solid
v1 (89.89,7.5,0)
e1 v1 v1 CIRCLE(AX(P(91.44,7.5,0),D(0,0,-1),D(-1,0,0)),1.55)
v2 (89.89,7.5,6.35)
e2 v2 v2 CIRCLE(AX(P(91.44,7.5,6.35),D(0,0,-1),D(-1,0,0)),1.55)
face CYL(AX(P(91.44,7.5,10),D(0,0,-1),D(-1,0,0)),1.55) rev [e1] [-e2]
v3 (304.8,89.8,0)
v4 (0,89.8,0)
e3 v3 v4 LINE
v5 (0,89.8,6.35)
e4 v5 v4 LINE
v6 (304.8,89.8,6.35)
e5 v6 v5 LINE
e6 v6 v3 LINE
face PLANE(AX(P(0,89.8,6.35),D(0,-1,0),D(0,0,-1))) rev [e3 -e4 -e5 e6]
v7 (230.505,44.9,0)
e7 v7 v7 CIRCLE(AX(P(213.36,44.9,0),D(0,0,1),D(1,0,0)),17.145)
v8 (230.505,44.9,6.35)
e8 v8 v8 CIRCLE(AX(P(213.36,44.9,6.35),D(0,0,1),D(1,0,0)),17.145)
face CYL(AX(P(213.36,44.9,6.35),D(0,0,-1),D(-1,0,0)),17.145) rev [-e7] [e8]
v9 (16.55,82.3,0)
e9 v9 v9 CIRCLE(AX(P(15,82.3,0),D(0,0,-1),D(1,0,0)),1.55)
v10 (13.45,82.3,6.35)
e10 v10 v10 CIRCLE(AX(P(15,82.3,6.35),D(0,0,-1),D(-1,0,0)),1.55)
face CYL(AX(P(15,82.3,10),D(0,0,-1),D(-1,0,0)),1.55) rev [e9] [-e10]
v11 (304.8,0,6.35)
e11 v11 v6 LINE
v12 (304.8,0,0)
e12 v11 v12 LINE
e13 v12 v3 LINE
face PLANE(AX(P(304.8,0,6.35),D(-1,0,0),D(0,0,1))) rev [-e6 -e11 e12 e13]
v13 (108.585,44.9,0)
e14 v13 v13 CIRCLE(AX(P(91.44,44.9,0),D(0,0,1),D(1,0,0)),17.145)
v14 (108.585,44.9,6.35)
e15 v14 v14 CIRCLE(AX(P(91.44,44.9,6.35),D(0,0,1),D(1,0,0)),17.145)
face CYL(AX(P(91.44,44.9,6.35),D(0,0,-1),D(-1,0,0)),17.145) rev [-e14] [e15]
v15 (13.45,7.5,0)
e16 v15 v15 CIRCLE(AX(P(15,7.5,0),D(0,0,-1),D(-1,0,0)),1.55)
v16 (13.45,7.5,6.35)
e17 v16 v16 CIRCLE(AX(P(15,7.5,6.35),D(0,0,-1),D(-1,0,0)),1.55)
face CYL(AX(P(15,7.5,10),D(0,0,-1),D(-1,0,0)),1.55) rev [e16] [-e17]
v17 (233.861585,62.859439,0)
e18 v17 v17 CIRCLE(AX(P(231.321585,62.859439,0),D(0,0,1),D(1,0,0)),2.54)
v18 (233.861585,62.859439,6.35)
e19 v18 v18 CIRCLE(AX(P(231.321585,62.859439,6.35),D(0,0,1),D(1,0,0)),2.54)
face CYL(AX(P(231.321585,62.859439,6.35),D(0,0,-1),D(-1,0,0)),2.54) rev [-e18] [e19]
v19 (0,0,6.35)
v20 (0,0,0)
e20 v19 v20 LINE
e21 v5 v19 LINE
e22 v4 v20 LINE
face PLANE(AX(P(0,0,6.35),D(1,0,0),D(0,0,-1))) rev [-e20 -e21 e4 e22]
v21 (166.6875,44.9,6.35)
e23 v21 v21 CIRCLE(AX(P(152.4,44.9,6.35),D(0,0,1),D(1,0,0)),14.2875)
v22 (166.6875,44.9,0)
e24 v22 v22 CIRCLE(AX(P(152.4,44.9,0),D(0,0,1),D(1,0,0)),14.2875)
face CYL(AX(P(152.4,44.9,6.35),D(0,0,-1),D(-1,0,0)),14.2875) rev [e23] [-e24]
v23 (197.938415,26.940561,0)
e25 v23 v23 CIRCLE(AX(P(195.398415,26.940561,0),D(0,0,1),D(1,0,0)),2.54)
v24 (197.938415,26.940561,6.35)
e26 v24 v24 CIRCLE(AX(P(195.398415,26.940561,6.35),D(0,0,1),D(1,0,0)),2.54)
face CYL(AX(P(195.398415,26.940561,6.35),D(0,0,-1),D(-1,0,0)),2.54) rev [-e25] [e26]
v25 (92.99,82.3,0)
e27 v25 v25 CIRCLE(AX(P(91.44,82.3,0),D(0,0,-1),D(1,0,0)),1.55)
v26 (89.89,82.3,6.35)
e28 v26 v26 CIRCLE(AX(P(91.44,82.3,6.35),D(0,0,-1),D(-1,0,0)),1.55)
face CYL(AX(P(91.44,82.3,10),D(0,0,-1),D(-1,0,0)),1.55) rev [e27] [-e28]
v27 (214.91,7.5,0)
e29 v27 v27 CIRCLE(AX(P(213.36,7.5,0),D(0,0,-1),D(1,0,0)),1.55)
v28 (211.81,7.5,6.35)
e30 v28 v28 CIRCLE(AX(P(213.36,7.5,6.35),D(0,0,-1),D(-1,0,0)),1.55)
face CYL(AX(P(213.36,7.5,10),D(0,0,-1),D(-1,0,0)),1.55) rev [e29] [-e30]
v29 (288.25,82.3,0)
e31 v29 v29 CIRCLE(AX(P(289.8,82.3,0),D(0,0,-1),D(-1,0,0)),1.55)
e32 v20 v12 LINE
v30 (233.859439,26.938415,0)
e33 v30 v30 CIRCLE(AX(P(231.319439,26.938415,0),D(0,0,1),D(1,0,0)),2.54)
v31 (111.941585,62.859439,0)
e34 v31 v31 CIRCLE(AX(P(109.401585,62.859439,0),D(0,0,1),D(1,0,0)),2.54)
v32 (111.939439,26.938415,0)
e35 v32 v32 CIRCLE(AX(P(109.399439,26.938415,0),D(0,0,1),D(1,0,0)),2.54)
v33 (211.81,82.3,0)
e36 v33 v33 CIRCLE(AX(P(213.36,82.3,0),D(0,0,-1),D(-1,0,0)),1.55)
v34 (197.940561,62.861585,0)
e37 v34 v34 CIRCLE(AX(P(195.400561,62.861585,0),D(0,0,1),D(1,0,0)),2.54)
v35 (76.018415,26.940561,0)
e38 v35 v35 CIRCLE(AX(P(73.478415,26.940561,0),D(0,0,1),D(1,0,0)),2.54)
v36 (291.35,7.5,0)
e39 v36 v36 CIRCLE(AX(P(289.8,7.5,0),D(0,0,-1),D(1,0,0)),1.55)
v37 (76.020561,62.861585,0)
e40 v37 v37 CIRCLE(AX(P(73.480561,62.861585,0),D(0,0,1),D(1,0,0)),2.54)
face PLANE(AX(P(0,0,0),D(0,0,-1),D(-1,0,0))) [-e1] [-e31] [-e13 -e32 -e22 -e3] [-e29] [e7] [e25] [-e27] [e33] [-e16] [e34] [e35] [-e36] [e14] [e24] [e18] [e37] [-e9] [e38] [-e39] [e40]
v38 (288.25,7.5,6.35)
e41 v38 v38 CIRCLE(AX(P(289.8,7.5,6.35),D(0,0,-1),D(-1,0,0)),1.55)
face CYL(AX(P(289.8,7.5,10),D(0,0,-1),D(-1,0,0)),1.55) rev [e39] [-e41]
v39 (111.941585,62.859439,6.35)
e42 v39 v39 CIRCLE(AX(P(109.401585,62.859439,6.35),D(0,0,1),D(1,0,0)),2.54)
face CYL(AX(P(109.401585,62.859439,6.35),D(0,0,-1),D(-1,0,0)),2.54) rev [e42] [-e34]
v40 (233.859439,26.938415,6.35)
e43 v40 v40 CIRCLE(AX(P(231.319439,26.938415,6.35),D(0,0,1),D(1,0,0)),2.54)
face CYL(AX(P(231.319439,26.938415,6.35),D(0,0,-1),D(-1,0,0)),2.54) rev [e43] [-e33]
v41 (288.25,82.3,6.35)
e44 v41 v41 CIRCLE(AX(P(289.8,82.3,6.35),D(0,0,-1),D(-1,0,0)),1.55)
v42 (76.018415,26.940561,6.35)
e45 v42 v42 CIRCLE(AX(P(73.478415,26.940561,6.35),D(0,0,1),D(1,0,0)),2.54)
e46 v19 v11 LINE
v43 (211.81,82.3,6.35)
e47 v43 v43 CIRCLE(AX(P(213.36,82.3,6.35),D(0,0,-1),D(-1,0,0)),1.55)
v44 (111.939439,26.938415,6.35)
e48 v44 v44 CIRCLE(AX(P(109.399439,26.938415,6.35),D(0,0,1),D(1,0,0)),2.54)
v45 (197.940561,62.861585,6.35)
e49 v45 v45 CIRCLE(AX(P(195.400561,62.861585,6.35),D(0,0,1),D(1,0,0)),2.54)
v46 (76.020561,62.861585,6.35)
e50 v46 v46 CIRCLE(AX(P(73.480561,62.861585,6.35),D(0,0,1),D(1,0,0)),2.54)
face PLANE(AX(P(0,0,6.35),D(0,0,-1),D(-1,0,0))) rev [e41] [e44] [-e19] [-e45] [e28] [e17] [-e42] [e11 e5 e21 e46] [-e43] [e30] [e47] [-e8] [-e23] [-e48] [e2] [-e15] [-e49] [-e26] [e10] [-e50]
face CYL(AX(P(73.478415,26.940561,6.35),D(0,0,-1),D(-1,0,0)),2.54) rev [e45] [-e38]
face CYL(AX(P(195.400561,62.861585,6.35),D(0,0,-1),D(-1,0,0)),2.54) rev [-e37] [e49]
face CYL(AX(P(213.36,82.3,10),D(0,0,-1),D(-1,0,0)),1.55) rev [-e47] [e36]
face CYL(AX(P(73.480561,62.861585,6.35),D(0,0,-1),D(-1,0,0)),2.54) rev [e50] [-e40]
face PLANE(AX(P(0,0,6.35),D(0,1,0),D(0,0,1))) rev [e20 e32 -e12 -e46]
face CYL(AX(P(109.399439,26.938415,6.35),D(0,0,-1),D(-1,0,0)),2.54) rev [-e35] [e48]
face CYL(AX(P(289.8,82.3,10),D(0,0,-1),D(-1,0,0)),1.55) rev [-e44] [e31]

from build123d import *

# Parameters (mm, degrees)
SKETCH1_W           = 304.8
SKETCH1_H           = 89.8
SKETCH1_R           = 14.2875
SKETCH1_R_2         = 2.54
SKETCH1_R_3         = 17.145
BOSS_EXTRUDE1_DEPTH = 6.35
SKETCH2_R           = 1.55
CUT_EXTRUDE1_DEPTH  = 10


with BuildPart() as part:
    # Sketch1 → Boss-Extrude1 (new body)
    with BuildSketch(Plane.XY):
        with Locations((152.4, 44.9)):
            Rectangle(SKETCH1_W, SKETCH1_H)
        with Locations((152.4, 44.9)):
            Circle(SKETCH1_R, mode=Mode.SUBTRACT)
        with Locations((109.401585406, 62.859439014)):
            Circle(SKETCH1_R_2, mode=Mode.SUBTRACT)
        with Locations((109.399439014, 26.938414594)):
            Circle(SKETCH1_R_2, mode=Mode.SUBTRACT)
        with Locations((73.478414594, 26.940560986)):
            Circle(SKETCH1_R_2, mode=Mode.SUBTRACT)
        with Locations((73.480560986, 62.861585406)):
            Circle(SKETCH1_R_2, mode=Mode.SUBTRACT)
        with Locations((91.44, 44.9)):
            Circle(SKETCH1_R_3, mode=Mode.SUBTRACT)
        with Locations((195.400560986, 62.861585406)):
            Circle(SKETCH1_R_2, mode=Mode.SUBTRACT)
        with Locations((231.321585406, 62.859439014)):
            Circle(SKETCH1_R_2, mode=Mode.SUBTRACT)
        with Locations((231.319439014, 26.938414594)):
            Circle(SKETCH1_R_2, mode=Mode.SUBTRACT)
        with Locations((195.398414594, 26.940560986)):
            Circle(SKETCH1_R_2, mode=Mode.SUBTRACT)
        with Locations((213.36, 44.9)):
            Circle(SKETCH1_R_3, mode=Mode.SUBTRACT)
    extrude(amount=BOSS_EXTRUDE1_DEPTH)

    # Sketch2 → Cut-Extrude1 (cut)
    with BuildSketch(Plane(origin=(0, 0, 0), x_dir=(-1, 0, 0), z_dir=(0, 0, -1))):
        with Locations((-289.8, 82.3)):
            Circle(SKETCH2_R)
        with Locations((-213.36, 82.3)):
            Circle(SKETCH2_R)
        with Locations((-91.44, 82.3)):
            Circle(SKETCH2_R)
        with Locations((-15, 82.3)):
            Circle(SKETCH2_R)
        with Locations((-15, 7.5)):
            Circle(SKETCH2_R)
        with Locations((-91.44, 7.5)):
            Circle(SKETCH2_R)
        with Locations((-213.36, 7.5)):
            Circle(SKETCH2_R)
        with Locations((-289.8, 7.5)):
            Circle(SKETCH2_R)
    extrude(amount=-CUT_EXTRUDE1_DEPTH, mode=Mode.SUBTRACT)


solid = part.part
